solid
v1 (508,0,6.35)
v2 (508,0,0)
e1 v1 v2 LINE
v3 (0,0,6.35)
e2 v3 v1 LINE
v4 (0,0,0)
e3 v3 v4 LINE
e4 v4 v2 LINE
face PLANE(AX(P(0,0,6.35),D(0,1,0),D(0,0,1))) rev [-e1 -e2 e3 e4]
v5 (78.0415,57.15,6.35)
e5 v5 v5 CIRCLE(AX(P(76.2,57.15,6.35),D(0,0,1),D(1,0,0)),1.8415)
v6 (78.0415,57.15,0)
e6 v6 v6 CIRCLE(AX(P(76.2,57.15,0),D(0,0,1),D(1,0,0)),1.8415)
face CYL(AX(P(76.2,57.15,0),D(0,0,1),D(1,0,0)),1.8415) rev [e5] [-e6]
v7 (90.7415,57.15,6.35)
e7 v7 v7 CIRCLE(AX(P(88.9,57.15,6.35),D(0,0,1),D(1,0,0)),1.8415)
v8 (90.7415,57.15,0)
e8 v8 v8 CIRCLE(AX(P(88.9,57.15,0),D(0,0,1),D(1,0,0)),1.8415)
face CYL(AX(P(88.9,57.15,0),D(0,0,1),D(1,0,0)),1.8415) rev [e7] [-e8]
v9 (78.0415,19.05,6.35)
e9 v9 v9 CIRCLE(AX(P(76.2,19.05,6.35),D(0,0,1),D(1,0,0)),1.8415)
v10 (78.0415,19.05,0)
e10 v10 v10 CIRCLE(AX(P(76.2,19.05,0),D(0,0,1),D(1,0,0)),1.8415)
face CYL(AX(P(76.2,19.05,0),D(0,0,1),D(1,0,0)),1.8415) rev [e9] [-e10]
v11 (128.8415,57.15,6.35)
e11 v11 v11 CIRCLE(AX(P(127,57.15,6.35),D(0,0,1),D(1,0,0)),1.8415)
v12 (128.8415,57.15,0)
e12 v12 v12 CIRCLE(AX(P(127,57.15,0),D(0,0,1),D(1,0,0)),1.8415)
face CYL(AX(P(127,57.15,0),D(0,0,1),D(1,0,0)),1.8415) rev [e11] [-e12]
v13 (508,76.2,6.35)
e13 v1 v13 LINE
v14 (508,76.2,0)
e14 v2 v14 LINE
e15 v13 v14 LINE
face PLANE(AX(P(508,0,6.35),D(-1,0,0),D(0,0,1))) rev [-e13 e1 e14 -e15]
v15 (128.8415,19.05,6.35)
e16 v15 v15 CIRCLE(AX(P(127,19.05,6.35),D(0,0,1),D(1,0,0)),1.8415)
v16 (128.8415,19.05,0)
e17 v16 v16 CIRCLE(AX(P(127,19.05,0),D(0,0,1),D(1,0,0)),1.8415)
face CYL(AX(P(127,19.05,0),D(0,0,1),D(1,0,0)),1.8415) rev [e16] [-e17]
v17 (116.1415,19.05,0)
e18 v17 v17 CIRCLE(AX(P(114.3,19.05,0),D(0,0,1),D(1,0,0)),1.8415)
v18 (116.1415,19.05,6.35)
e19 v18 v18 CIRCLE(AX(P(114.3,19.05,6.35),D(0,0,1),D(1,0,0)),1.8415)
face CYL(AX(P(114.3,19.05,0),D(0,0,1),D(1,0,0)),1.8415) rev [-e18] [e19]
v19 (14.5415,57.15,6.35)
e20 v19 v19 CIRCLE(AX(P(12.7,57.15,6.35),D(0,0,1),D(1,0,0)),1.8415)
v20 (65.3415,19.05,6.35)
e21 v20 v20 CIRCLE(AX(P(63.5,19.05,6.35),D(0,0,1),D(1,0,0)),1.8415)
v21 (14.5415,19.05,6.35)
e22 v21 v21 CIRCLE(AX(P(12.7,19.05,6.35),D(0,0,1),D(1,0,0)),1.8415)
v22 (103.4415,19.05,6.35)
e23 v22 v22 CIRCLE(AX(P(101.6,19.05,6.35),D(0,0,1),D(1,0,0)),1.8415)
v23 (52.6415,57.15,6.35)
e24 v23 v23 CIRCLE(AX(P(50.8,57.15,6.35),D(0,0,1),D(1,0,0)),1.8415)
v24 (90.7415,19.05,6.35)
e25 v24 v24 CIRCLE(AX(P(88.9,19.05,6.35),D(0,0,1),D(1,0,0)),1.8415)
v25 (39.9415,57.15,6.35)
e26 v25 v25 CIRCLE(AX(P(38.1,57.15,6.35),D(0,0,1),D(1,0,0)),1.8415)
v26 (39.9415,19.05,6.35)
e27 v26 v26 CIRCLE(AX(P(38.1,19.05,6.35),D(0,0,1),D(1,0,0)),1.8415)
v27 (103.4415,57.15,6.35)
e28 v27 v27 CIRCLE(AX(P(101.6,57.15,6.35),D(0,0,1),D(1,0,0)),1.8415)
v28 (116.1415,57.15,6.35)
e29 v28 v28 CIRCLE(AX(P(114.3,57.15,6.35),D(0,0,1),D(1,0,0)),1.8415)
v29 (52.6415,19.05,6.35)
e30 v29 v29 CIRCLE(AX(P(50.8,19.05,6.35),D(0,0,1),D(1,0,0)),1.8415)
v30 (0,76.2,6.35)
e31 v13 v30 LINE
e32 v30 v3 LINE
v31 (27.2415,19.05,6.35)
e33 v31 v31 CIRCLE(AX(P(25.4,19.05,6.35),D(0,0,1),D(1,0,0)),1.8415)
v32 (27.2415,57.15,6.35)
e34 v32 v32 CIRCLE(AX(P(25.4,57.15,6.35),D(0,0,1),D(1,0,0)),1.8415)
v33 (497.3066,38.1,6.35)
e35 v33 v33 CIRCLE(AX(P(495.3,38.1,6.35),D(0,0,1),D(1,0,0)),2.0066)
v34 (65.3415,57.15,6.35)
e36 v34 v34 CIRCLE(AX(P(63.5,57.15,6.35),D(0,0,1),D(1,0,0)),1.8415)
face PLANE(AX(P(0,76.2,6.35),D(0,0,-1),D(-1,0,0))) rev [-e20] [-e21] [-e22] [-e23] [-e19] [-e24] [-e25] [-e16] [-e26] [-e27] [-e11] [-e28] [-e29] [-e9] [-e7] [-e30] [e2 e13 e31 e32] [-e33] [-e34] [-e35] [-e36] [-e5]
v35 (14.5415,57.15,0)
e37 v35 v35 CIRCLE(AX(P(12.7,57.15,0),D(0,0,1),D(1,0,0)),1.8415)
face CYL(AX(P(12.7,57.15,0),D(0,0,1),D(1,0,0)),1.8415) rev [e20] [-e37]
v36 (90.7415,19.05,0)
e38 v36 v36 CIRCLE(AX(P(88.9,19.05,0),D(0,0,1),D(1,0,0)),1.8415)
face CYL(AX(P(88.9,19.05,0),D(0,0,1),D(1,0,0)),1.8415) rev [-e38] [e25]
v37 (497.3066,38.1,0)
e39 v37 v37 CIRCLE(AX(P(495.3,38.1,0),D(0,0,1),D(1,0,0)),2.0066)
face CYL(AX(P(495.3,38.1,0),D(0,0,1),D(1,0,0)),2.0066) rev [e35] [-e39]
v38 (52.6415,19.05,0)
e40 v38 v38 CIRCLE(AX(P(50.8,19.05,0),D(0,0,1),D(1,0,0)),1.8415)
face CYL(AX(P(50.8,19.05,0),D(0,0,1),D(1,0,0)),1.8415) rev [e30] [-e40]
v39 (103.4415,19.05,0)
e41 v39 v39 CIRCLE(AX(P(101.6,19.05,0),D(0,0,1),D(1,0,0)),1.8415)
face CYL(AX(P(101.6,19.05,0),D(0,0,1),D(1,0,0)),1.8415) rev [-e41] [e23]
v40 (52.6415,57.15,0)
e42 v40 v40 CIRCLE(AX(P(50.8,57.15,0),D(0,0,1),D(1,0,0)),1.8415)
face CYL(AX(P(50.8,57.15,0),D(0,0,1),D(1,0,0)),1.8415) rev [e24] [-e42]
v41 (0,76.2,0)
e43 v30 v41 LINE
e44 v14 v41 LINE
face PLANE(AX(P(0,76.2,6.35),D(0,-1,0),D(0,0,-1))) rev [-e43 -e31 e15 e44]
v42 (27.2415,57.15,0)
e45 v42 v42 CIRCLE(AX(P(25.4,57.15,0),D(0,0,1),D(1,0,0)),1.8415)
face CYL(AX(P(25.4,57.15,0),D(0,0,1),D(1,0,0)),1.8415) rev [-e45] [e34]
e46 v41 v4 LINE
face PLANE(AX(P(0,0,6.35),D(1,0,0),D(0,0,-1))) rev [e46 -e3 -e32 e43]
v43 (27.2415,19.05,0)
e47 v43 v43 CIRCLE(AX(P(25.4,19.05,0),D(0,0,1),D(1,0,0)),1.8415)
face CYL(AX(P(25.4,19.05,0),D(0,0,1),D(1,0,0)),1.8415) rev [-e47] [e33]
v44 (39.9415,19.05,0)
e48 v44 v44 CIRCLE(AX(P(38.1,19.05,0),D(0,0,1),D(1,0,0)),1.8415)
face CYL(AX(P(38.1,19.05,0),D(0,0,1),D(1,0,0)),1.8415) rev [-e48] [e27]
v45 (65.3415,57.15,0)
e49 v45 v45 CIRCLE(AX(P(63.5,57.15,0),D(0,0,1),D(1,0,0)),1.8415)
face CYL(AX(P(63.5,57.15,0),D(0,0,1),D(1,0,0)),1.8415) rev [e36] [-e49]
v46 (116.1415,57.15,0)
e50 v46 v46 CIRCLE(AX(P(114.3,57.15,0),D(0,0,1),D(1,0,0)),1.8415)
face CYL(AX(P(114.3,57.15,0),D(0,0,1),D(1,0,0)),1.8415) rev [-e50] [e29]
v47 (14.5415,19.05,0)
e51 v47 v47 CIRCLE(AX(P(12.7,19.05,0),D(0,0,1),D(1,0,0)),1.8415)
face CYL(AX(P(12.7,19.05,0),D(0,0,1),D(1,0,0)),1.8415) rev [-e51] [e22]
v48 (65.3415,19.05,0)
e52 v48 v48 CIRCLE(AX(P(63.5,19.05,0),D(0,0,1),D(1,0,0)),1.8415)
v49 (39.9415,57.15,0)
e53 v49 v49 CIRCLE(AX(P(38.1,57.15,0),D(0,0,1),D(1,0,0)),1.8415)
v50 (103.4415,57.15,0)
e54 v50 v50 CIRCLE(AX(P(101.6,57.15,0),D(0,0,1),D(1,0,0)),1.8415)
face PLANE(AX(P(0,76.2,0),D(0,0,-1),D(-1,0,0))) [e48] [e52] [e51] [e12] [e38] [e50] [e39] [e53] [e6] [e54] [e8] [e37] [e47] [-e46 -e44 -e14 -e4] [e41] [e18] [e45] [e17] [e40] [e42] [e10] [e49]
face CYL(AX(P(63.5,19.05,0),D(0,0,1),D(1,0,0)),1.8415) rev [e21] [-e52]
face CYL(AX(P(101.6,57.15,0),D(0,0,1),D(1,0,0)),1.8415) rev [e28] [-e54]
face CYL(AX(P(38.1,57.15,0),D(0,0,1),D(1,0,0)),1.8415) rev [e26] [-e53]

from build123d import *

# Parameters (mm, degrees)
SKETCH1_W             = 508
SKETCH1_H             = 76.2
BASIC_PLANK_DEPTH     = 6.35
SKETCH2_R             = 1.8415
PLACEMENT_HOLES_DEPTH = 7.35
SKETCH3_R             = 2.0066
WHEEL_HOLE_DEPTH      = 7.35


with BuildPart() as part:
    # Sketch1 → basic_plank (new body)
    with BuildSketch(Plane.XY):
        with Locations((254, 38.1)):
            Rectangle(SKETCH1_W, SKETCH1_H)
    extrude(amount=BASIC_PLANK_DEPTH)

    # Sketch2 → placement holes (cut, through all)
    with BuildSketch(Plane.XY.offset(6.35)):
        with Locations((12.7, 57.15)):
            Circle(SKETCH2_R)
        with Locations((25.4, 57.15)):
            Circle(SKETCH2_R)
        with Locations((38.1, 57.15)):
            Circle(SKETCH2_R)
        with Locations((50.8, 57.15)):
            Circle(SKETCH2_R)
        with Locations((63.5, 57.15)):
            Circle(SKETCH2_R)
        with Locations((76.2, 57.15)):
            Circle(SKETCH2_R)
        with Locations((88.9, 57.15)):
            Circle(SKETCH2_R)
        with Locations((101.6, 57.15)):
            Circle(SKETCH2_R)
        with Locations((114.3, 57.15)):
            Circle(SKETCH2_R)
        with Locations((127, 57.15)):
            Circle(SKETCH2_R)
        with Locations((12.7, 19.05)):
            Circle(SKETCH2_R)
        with Locations((25.4, 19.05)):
            Circle(SKETCH2_R)
        with Locations((38.1, 19.05)):
            Circle(SKETCH2_R)
        with Locations((50.8, 19.05)):
            Circle(SKETCH2_R)
        with Locations((63.5, 19.05)):
            Circle(SKETCH2_R)
        with Locations((76.2, 19.05)):
            Circle(SKETCH2_R)
        with Locations((88.9, 19.05)):
            Circle(SKETCH2_R)
        with Locations((101.6, 19.05)):
            Circle(SKETCH2_R)
        with Locations((114.3, 19.05)):
            Circle(SKETCH2_R)
        with Locations((127, 19.05)):
            Circle(SKETCH2_R)
    extrude(amount=-PLACEMENT_HOLES_DEPTH, mode=Mode.SUBTRACT)

    # Sketch3 → wheel_hole (cut, through all)
    with BuildSketch(Plane.XY.offset(6.35)):
        with Locations((495.3, 38.1)):
            Circle(SKETCH3_R)
    extrude(amount=-WHEEL_HOLE_DEPTH, mode=Mode.SUBTRACT)


solid = part.part
